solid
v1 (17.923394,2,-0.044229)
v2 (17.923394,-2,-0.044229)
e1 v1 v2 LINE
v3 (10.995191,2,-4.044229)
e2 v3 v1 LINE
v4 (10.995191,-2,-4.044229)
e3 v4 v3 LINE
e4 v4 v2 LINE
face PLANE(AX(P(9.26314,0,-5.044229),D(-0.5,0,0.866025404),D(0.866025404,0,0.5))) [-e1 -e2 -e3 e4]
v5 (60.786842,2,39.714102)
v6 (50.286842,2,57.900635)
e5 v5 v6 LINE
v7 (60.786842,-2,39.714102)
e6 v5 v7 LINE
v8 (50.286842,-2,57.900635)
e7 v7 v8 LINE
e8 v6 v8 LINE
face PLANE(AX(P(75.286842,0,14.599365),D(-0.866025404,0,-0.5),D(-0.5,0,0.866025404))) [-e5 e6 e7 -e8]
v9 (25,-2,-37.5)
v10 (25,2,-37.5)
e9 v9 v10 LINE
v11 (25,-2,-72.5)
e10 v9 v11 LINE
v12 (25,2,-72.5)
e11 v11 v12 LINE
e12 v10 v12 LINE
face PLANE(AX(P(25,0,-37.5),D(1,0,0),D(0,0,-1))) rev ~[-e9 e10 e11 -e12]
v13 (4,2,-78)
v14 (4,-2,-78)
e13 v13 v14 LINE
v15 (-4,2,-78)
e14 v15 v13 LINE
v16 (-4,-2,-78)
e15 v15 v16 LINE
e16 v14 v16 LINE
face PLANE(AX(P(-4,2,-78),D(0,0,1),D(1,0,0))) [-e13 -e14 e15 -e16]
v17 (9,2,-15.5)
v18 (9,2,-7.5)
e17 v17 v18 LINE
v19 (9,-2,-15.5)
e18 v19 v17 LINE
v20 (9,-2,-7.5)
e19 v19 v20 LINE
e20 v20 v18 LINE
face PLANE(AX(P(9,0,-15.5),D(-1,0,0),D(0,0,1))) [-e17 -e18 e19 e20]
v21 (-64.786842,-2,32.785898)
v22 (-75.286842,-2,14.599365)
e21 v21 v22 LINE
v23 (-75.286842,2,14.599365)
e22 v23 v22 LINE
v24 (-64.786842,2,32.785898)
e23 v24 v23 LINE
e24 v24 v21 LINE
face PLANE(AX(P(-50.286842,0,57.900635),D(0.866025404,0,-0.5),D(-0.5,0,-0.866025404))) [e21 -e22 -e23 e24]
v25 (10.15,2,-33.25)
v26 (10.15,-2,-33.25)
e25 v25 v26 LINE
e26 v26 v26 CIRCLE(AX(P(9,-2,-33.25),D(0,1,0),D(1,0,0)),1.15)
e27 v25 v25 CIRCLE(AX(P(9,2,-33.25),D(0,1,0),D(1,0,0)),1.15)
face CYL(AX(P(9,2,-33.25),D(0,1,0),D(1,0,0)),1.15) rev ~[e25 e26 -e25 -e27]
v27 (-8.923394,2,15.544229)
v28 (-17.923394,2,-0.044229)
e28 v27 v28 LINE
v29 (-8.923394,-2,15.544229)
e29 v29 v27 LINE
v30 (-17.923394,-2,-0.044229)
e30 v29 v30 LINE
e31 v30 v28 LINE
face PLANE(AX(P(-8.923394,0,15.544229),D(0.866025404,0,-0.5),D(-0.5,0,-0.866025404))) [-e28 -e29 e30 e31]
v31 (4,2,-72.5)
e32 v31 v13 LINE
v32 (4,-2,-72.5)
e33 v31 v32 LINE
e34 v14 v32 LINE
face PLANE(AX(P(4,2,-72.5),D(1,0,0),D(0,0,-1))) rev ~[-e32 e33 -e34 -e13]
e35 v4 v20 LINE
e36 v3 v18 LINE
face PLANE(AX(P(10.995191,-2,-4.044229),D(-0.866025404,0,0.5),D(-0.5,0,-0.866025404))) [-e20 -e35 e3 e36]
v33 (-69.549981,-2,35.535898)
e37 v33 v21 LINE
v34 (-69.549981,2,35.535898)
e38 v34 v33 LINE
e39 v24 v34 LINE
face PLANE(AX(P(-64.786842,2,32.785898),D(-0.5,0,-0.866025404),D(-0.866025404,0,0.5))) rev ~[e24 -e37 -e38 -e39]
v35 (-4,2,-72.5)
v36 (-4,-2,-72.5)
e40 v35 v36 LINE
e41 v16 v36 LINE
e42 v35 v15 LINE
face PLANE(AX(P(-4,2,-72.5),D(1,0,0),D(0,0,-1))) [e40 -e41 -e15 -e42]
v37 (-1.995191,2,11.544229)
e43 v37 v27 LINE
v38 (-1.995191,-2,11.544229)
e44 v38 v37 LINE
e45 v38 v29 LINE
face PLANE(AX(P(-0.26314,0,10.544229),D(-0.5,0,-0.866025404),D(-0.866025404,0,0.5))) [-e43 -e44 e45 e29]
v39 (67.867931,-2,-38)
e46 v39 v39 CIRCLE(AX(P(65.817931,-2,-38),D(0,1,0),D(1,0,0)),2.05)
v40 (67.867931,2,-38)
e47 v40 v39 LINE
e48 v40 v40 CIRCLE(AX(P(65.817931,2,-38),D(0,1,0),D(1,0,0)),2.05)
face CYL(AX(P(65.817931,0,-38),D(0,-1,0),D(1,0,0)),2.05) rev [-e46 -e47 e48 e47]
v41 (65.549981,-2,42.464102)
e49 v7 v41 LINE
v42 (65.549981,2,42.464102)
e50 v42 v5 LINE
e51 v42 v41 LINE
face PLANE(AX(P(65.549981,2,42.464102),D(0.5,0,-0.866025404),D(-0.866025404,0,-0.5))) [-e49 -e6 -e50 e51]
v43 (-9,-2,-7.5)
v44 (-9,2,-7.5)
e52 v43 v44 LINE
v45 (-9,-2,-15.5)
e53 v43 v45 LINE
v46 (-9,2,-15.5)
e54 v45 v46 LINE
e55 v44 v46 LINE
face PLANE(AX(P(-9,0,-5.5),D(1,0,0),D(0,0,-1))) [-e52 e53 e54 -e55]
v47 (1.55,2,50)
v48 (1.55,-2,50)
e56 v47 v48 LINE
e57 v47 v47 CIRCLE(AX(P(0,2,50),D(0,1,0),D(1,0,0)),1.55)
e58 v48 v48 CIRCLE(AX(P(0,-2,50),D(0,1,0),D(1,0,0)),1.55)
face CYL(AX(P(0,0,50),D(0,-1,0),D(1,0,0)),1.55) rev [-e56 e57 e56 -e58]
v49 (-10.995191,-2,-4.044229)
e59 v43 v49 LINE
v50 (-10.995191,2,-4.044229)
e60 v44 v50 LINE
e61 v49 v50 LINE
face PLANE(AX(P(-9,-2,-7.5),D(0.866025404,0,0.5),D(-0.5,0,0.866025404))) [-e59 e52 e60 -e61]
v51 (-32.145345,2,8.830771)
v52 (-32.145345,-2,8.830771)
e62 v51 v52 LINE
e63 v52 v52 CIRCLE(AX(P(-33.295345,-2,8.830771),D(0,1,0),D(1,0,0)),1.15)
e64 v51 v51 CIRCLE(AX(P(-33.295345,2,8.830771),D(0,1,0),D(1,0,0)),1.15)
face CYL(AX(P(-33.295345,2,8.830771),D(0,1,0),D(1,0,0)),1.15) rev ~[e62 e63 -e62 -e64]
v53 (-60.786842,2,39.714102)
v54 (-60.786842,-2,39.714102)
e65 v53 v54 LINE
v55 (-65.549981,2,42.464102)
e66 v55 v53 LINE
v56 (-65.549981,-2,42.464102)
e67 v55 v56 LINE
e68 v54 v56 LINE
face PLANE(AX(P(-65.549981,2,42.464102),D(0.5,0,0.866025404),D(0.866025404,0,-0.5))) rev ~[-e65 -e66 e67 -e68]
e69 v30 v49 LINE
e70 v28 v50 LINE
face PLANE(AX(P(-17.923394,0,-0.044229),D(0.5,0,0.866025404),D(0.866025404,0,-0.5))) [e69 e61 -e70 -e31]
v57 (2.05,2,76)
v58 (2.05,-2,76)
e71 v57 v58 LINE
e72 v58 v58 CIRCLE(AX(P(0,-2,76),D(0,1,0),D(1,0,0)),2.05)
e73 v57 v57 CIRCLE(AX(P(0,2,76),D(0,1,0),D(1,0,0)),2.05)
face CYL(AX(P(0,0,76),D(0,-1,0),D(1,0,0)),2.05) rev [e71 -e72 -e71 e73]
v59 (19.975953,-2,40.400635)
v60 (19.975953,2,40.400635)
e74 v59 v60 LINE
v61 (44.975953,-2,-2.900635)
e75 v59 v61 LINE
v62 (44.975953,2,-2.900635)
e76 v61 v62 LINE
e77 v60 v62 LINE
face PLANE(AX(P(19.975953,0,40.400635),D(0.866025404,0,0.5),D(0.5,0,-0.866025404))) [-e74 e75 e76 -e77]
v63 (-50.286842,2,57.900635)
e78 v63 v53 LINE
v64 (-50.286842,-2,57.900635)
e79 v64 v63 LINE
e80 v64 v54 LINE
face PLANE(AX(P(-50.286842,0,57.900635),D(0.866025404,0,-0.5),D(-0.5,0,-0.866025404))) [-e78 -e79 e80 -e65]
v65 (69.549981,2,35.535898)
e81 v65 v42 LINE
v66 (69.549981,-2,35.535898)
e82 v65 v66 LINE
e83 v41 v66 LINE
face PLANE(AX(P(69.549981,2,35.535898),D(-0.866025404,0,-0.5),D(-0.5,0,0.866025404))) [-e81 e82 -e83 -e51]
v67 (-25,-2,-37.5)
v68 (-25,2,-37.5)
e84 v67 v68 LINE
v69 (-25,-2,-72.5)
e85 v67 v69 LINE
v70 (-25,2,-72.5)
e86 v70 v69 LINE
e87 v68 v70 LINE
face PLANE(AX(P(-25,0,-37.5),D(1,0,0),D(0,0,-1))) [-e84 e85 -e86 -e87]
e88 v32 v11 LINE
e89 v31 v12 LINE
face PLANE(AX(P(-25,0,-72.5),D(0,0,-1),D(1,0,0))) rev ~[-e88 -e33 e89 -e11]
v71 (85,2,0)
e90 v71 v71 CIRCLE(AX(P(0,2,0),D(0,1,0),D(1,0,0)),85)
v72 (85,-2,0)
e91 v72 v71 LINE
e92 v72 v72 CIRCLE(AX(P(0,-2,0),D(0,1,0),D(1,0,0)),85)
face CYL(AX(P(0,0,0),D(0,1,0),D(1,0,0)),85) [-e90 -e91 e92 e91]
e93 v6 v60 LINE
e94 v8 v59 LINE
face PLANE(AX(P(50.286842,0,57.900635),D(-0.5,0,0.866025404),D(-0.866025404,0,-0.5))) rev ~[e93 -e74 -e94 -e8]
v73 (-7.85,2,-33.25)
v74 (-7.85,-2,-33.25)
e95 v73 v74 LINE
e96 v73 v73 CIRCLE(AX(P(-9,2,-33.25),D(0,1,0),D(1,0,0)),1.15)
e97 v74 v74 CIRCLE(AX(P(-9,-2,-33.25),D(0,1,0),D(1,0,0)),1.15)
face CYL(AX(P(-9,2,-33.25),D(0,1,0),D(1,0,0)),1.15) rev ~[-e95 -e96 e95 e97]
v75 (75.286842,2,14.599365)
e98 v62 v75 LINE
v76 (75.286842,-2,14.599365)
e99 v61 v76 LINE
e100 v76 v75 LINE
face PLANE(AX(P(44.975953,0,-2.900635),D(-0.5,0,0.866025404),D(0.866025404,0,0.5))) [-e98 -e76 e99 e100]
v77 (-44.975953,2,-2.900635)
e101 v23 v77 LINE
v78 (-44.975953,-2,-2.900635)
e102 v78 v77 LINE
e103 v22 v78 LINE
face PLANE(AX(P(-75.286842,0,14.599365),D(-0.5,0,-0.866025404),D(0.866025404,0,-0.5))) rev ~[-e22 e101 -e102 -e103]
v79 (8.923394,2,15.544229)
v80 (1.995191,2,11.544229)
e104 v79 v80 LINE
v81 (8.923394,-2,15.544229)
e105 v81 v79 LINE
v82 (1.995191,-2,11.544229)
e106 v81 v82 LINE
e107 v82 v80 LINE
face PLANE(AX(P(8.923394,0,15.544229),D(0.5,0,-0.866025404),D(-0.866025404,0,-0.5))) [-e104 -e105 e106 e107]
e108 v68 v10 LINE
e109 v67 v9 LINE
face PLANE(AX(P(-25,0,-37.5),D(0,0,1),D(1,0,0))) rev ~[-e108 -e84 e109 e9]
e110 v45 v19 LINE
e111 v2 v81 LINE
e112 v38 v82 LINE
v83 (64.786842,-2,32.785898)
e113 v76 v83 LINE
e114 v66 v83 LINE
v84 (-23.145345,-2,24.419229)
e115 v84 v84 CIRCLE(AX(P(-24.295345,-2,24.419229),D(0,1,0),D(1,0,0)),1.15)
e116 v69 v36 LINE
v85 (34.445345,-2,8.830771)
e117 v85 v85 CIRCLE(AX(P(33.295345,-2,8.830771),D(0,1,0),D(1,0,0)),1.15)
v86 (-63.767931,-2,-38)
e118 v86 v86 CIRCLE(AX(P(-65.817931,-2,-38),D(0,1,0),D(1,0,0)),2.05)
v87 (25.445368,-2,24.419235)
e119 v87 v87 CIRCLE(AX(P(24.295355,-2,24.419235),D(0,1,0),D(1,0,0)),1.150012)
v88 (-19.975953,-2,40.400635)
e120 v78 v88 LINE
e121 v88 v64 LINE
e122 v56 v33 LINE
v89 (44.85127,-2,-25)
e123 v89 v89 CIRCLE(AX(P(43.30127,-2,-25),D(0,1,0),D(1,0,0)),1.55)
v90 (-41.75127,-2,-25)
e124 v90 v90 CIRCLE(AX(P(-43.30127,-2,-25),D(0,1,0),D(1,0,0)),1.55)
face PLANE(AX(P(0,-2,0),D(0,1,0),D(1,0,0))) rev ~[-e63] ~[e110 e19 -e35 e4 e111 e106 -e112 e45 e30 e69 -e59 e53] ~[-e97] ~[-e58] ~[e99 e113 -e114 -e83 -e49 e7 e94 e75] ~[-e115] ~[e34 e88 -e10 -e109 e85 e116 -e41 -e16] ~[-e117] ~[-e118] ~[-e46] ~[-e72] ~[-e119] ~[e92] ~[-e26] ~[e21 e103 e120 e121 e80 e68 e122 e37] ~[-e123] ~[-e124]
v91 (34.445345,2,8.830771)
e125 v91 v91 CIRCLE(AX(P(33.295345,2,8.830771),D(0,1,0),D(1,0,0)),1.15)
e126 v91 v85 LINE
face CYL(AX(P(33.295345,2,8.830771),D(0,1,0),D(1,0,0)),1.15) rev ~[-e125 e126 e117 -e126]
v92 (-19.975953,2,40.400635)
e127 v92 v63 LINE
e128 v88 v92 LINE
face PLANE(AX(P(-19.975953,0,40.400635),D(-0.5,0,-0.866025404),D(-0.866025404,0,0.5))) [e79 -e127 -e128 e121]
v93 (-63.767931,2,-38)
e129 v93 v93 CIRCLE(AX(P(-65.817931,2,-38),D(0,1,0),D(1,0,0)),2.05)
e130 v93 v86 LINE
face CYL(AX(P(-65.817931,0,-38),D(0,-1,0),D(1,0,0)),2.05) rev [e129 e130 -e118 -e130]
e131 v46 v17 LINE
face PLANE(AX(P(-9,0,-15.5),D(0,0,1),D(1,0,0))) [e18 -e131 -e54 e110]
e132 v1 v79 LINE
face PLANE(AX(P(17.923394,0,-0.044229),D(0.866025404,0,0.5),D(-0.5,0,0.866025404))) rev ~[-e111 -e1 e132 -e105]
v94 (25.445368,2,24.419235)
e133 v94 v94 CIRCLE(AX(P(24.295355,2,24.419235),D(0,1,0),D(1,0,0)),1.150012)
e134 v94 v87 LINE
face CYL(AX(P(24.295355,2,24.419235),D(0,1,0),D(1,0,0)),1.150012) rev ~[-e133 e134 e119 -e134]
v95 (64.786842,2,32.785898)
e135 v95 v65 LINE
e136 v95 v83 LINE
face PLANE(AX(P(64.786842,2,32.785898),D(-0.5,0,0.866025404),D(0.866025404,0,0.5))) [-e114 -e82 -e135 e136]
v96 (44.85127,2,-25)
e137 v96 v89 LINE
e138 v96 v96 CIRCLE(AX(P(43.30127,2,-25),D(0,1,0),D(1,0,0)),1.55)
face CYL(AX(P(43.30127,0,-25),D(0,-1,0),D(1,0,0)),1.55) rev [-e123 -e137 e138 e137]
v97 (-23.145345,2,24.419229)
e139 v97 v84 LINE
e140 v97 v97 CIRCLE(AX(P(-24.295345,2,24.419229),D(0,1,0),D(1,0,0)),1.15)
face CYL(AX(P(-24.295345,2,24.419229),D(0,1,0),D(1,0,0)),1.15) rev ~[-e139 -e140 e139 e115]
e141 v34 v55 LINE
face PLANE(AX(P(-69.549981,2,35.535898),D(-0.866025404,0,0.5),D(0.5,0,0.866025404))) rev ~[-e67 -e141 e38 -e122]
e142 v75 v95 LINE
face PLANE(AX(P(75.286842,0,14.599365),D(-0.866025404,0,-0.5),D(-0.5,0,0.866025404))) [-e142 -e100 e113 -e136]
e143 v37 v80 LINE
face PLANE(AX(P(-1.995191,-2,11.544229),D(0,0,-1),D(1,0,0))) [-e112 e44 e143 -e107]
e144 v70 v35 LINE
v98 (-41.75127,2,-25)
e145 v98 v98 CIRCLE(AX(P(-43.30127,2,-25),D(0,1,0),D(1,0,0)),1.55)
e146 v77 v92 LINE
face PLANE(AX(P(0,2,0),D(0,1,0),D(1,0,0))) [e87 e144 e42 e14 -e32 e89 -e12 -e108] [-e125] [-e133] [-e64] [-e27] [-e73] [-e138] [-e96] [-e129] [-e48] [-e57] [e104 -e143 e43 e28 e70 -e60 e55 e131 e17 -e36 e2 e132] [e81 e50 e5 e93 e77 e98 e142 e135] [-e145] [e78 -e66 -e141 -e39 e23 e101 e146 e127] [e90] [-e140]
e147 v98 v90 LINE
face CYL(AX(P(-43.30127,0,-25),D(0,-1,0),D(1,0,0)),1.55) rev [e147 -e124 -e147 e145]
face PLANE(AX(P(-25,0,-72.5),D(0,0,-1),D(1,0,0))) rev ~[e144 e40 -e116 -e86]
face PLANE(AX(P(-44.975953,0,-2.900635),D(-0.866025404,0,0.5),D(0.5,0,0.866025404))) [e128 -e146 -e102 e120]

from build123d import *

# Parameters (mm, degrees)
SKETCH1_R           = 85
SKETCH1_R_2         = 2.05
SKETCH1_R_3         = 1.55
SKETCH1_W           = 50
SKETCH1_H           = 35
BOSS_EXTRUDE1_DEPTH = 2
SKETCH2_R           = 1.15
SKETCH2_R_2         = 1.150012437
CUT_EXTRUDE1_DEPTH  = 5
CUT_EXTRUDE2_START  = -4
CUT_EXTRUDE2_DEPTH  = 4
CUT_EXTRUDE3_REACH  = 6
SKETCH4_W           = 8
SKETCH4_H           = 5.5


with BuildPart() as part:
    # Sketch1 → Boss-Extrude1 (new body, symmetric)
    with BuildSketch(Plane(origin=(0, 0, 0), x_dir=(1, 0, 0), z_dir=(0, 1, 0))):
        Circle(SKETCH1_R)
        with Locations((65.817930688, 38)):
            Circle(SKETCH1_R_2, mode=Mode.SUBTRACT)
        with Locations((0, -76)):
            Circle(SKETCH1_R_2, mode=Mode.SUBTRACT)
        with Locations((-65.817930688, 38)):
            Circle(SKETCH1_R_2, mode=Mode.SUBTRACT)
        with Locations((43.301270189, 25)):
            Circle(SKETCH1_R_3, mode=Mode.SUBTRACT)
        with Locations((0, -50)):
            Circle(SKETCH1_R_3, mode=Mode.SUBTRACT)
        with Locations((-43.301270189, 25)):
            Circle(SKETCH1_R_3, mode=Mode.SUBTRACT)
        Polygon((75.286841774, -14.599364905), (50.286841774, -57.900635095), (19.975952642, -40.400635095), (44.975952642, 2.900635095), align=None, mode=Mode.SUBTRACT)
        with Locations((0, 55)):
            Rectangle(SKETCH1_W, SKETCH1_H, mode=Mode.SUBTRACT)
        Polygon((-50.286841774, -57.900635095), (-75.286841774, -14.599364905), (-44.975952642, 2.900635095), (-19.975952642, -40.400635095), align=None, mode=Mode.SUBTRACT)
        with BuildLine():
            Line((17.923393759, 0.044228634), (8.923393759, -15.544228634))
            Line((8.923393759, -15.544228634), (0.263139721, -10.544228634))
            Line((0.263139721, -10.544228634), (1.201188009, -8.91948134))
            ThreePointArc((1.201188009, -8.91948134), (0, -9), (-1.201188009, -8.91948134))
            Line((-1.201188009, -8.91948134), (-0.263139721, -10.544228634))
            Line((-0.263139721, -10.544228634), (-8.923393759, -15.544228634))
            Line((-8.923393759, -15.544228634), (-17.923393759, 0.044228634))
            Line((-17.923393759, 0.044228634), (-9.263139721, 5.044228634))
            Line((-9.263139721, 5.044228634), (-8.325091433, 3.41948134))
            ThreePointArc((-8.325091433, 3.41948134), (-7.794228634, 4.5), (-7.123903424, 5.5))
            Line((-7.123903424, 5.5), (-9, 5.5))
            Line((-9, 5.5), (-9, 15.5))
            Line((-9, 15.5), (9, 15.5))
            Line((9, 15.5), (9, 5.5))
            Line((9, 5.5), (7.123903424, 5.5))
            ThreePointArc((7.123903424, 5.5), (7.794228634, 4.5), (8.325091433, 3.41948134))
            Line((8.325091433, 3.41948134), (9.263139721, 5.044228634))
            Line((9.263139721, 5.044228634), (17.923393759, 0.044228634))
        make_face(mode=Mode.SUBTRACT)
    extrude(amount=BOSS_EXTRUDE1_DEPTH, both=True)

    # Sketch2 → Cut-Extrude1 (cut, through all)
    with BuildSketch(Plane(origin=(0, 2, 0), x_dir=(1, 0, 0), z_dir=(0, 1, 0))):
        with Locations((-9, 33.25)):
            Circle(SKETCH2_R)
        with Locations((9, 33.25)):
            Circle(SKETCH2_R)
        with Locations((-33.295344676, -8.830771366)):
            Circle(SKETCH2_R)
        with Locations((-24.295344676, -24.419228634)):
            Circle(SKETCH2_R)
        with Locations((24.295355446, -24.419234852)):
            Circle(SKETCH2_R_2)
        with Locations((33.295344676, -8.830771366)):
            Circle(SKETCH2_R)
    extrude(amount=-CUT_EXTRUDE1_DEPTH, mode=Mode.SUBTRACT)

    # Sketch3 → Cut-Extrude2 (cut)
    with BuildSketch(Plane(origin=(0, 2, 0), x_dir=(1, 0, 0), z_dir=(0, 1, 0)).offset(CUT_EXTRUDE2_START)):
        Polygon((9, 7.5), (-9, 7.5), (-10.995190528, 4.044228634), (-1.995190528, -11.544228634), (1.995190528, -11.544228634), (10.995190528, 4.044228634), align=None)
    extrude(amount=CUT_EXTRUDE2_DEPTH, mode=Mode.SUBTRACT)

    # Sketch4 → Cut-Extrude3 (cut, up to next)
    with BuildSketch(Plane(origin=(0, 2, 0), x_dir=(1, 0, 0), z_dir=(0, 1, 0)), mode=Mode.PRIVATE) as cut_extrude3_sk1:
        Polygon((64.786841774, -32.785898385), (69.549981495, -35.535898385), (65.549981495, -42.464101615), (60.786841774, -39.714101615), align=None)
    cut_extrude3_tool1 = extrude(cut_extrude3_sk1.sketch, amount=-CUT_EXTRUDE3_REACH, mode=Mode.PRIVATE) & part.part
    add(cut_extrude3_tool1.solids().sort_by_distance((65.168412, 2, 37.625))[0], mode=Mode.SUBTRACT)
    # Sketch4 → Cut-Extrude3 (cut, up to next)
    with BuildSketch(Plane(origin=(0, 2, 0), x_dir=(1, 0, 0), z_dir=(0, 1, 0)), mode=Mode.PRIVATE) as cut_extrude3_sk2:
        Polygon((-60.786841774, -39.714101615), (-64.786841774, -32.785898385), (-69.549981495, -35.535898385), (-65.549981495, -42.464101615), align=None)
    cut_extrude3_tool2 = extrude(cut_extrude3_sk2.sketch, amount=-CUT_EXTRUDE3_REACH, mode=Mode.PRIVATE) & part.part
    add(cut_extrude3_tool2.solids().sort_by_distance((-65.168412, 2, 37.625))[0], mode=Mode.SUBTRACT)
    # Sketch4 → Cut-Extrude3 (cut, up to next)
    with BuildSketch(Plane(origin=(0, 2, 0), x_dir=(1, 0, 0), z_dir=(0, 1, 0)), mode=Mode.PRIVATE) as cut_extrude3_sk3:
        with Locations((0, 75.25)):
            Rectangle(SKETCH4_W, SKETCH4_H)
    cut_extrude3_tool3 = extrude(cut_extrude3_sk3.sketch, amount=-CUT_EXTRUDE3_REACH, mode=Mode.PRIVATE) & part.part
    add(cut_extrude3_tool3.solids().sort_by_distance((0, 2, -75.25))[0], mode=Mode.SUBTRACT)


solid = part.part
